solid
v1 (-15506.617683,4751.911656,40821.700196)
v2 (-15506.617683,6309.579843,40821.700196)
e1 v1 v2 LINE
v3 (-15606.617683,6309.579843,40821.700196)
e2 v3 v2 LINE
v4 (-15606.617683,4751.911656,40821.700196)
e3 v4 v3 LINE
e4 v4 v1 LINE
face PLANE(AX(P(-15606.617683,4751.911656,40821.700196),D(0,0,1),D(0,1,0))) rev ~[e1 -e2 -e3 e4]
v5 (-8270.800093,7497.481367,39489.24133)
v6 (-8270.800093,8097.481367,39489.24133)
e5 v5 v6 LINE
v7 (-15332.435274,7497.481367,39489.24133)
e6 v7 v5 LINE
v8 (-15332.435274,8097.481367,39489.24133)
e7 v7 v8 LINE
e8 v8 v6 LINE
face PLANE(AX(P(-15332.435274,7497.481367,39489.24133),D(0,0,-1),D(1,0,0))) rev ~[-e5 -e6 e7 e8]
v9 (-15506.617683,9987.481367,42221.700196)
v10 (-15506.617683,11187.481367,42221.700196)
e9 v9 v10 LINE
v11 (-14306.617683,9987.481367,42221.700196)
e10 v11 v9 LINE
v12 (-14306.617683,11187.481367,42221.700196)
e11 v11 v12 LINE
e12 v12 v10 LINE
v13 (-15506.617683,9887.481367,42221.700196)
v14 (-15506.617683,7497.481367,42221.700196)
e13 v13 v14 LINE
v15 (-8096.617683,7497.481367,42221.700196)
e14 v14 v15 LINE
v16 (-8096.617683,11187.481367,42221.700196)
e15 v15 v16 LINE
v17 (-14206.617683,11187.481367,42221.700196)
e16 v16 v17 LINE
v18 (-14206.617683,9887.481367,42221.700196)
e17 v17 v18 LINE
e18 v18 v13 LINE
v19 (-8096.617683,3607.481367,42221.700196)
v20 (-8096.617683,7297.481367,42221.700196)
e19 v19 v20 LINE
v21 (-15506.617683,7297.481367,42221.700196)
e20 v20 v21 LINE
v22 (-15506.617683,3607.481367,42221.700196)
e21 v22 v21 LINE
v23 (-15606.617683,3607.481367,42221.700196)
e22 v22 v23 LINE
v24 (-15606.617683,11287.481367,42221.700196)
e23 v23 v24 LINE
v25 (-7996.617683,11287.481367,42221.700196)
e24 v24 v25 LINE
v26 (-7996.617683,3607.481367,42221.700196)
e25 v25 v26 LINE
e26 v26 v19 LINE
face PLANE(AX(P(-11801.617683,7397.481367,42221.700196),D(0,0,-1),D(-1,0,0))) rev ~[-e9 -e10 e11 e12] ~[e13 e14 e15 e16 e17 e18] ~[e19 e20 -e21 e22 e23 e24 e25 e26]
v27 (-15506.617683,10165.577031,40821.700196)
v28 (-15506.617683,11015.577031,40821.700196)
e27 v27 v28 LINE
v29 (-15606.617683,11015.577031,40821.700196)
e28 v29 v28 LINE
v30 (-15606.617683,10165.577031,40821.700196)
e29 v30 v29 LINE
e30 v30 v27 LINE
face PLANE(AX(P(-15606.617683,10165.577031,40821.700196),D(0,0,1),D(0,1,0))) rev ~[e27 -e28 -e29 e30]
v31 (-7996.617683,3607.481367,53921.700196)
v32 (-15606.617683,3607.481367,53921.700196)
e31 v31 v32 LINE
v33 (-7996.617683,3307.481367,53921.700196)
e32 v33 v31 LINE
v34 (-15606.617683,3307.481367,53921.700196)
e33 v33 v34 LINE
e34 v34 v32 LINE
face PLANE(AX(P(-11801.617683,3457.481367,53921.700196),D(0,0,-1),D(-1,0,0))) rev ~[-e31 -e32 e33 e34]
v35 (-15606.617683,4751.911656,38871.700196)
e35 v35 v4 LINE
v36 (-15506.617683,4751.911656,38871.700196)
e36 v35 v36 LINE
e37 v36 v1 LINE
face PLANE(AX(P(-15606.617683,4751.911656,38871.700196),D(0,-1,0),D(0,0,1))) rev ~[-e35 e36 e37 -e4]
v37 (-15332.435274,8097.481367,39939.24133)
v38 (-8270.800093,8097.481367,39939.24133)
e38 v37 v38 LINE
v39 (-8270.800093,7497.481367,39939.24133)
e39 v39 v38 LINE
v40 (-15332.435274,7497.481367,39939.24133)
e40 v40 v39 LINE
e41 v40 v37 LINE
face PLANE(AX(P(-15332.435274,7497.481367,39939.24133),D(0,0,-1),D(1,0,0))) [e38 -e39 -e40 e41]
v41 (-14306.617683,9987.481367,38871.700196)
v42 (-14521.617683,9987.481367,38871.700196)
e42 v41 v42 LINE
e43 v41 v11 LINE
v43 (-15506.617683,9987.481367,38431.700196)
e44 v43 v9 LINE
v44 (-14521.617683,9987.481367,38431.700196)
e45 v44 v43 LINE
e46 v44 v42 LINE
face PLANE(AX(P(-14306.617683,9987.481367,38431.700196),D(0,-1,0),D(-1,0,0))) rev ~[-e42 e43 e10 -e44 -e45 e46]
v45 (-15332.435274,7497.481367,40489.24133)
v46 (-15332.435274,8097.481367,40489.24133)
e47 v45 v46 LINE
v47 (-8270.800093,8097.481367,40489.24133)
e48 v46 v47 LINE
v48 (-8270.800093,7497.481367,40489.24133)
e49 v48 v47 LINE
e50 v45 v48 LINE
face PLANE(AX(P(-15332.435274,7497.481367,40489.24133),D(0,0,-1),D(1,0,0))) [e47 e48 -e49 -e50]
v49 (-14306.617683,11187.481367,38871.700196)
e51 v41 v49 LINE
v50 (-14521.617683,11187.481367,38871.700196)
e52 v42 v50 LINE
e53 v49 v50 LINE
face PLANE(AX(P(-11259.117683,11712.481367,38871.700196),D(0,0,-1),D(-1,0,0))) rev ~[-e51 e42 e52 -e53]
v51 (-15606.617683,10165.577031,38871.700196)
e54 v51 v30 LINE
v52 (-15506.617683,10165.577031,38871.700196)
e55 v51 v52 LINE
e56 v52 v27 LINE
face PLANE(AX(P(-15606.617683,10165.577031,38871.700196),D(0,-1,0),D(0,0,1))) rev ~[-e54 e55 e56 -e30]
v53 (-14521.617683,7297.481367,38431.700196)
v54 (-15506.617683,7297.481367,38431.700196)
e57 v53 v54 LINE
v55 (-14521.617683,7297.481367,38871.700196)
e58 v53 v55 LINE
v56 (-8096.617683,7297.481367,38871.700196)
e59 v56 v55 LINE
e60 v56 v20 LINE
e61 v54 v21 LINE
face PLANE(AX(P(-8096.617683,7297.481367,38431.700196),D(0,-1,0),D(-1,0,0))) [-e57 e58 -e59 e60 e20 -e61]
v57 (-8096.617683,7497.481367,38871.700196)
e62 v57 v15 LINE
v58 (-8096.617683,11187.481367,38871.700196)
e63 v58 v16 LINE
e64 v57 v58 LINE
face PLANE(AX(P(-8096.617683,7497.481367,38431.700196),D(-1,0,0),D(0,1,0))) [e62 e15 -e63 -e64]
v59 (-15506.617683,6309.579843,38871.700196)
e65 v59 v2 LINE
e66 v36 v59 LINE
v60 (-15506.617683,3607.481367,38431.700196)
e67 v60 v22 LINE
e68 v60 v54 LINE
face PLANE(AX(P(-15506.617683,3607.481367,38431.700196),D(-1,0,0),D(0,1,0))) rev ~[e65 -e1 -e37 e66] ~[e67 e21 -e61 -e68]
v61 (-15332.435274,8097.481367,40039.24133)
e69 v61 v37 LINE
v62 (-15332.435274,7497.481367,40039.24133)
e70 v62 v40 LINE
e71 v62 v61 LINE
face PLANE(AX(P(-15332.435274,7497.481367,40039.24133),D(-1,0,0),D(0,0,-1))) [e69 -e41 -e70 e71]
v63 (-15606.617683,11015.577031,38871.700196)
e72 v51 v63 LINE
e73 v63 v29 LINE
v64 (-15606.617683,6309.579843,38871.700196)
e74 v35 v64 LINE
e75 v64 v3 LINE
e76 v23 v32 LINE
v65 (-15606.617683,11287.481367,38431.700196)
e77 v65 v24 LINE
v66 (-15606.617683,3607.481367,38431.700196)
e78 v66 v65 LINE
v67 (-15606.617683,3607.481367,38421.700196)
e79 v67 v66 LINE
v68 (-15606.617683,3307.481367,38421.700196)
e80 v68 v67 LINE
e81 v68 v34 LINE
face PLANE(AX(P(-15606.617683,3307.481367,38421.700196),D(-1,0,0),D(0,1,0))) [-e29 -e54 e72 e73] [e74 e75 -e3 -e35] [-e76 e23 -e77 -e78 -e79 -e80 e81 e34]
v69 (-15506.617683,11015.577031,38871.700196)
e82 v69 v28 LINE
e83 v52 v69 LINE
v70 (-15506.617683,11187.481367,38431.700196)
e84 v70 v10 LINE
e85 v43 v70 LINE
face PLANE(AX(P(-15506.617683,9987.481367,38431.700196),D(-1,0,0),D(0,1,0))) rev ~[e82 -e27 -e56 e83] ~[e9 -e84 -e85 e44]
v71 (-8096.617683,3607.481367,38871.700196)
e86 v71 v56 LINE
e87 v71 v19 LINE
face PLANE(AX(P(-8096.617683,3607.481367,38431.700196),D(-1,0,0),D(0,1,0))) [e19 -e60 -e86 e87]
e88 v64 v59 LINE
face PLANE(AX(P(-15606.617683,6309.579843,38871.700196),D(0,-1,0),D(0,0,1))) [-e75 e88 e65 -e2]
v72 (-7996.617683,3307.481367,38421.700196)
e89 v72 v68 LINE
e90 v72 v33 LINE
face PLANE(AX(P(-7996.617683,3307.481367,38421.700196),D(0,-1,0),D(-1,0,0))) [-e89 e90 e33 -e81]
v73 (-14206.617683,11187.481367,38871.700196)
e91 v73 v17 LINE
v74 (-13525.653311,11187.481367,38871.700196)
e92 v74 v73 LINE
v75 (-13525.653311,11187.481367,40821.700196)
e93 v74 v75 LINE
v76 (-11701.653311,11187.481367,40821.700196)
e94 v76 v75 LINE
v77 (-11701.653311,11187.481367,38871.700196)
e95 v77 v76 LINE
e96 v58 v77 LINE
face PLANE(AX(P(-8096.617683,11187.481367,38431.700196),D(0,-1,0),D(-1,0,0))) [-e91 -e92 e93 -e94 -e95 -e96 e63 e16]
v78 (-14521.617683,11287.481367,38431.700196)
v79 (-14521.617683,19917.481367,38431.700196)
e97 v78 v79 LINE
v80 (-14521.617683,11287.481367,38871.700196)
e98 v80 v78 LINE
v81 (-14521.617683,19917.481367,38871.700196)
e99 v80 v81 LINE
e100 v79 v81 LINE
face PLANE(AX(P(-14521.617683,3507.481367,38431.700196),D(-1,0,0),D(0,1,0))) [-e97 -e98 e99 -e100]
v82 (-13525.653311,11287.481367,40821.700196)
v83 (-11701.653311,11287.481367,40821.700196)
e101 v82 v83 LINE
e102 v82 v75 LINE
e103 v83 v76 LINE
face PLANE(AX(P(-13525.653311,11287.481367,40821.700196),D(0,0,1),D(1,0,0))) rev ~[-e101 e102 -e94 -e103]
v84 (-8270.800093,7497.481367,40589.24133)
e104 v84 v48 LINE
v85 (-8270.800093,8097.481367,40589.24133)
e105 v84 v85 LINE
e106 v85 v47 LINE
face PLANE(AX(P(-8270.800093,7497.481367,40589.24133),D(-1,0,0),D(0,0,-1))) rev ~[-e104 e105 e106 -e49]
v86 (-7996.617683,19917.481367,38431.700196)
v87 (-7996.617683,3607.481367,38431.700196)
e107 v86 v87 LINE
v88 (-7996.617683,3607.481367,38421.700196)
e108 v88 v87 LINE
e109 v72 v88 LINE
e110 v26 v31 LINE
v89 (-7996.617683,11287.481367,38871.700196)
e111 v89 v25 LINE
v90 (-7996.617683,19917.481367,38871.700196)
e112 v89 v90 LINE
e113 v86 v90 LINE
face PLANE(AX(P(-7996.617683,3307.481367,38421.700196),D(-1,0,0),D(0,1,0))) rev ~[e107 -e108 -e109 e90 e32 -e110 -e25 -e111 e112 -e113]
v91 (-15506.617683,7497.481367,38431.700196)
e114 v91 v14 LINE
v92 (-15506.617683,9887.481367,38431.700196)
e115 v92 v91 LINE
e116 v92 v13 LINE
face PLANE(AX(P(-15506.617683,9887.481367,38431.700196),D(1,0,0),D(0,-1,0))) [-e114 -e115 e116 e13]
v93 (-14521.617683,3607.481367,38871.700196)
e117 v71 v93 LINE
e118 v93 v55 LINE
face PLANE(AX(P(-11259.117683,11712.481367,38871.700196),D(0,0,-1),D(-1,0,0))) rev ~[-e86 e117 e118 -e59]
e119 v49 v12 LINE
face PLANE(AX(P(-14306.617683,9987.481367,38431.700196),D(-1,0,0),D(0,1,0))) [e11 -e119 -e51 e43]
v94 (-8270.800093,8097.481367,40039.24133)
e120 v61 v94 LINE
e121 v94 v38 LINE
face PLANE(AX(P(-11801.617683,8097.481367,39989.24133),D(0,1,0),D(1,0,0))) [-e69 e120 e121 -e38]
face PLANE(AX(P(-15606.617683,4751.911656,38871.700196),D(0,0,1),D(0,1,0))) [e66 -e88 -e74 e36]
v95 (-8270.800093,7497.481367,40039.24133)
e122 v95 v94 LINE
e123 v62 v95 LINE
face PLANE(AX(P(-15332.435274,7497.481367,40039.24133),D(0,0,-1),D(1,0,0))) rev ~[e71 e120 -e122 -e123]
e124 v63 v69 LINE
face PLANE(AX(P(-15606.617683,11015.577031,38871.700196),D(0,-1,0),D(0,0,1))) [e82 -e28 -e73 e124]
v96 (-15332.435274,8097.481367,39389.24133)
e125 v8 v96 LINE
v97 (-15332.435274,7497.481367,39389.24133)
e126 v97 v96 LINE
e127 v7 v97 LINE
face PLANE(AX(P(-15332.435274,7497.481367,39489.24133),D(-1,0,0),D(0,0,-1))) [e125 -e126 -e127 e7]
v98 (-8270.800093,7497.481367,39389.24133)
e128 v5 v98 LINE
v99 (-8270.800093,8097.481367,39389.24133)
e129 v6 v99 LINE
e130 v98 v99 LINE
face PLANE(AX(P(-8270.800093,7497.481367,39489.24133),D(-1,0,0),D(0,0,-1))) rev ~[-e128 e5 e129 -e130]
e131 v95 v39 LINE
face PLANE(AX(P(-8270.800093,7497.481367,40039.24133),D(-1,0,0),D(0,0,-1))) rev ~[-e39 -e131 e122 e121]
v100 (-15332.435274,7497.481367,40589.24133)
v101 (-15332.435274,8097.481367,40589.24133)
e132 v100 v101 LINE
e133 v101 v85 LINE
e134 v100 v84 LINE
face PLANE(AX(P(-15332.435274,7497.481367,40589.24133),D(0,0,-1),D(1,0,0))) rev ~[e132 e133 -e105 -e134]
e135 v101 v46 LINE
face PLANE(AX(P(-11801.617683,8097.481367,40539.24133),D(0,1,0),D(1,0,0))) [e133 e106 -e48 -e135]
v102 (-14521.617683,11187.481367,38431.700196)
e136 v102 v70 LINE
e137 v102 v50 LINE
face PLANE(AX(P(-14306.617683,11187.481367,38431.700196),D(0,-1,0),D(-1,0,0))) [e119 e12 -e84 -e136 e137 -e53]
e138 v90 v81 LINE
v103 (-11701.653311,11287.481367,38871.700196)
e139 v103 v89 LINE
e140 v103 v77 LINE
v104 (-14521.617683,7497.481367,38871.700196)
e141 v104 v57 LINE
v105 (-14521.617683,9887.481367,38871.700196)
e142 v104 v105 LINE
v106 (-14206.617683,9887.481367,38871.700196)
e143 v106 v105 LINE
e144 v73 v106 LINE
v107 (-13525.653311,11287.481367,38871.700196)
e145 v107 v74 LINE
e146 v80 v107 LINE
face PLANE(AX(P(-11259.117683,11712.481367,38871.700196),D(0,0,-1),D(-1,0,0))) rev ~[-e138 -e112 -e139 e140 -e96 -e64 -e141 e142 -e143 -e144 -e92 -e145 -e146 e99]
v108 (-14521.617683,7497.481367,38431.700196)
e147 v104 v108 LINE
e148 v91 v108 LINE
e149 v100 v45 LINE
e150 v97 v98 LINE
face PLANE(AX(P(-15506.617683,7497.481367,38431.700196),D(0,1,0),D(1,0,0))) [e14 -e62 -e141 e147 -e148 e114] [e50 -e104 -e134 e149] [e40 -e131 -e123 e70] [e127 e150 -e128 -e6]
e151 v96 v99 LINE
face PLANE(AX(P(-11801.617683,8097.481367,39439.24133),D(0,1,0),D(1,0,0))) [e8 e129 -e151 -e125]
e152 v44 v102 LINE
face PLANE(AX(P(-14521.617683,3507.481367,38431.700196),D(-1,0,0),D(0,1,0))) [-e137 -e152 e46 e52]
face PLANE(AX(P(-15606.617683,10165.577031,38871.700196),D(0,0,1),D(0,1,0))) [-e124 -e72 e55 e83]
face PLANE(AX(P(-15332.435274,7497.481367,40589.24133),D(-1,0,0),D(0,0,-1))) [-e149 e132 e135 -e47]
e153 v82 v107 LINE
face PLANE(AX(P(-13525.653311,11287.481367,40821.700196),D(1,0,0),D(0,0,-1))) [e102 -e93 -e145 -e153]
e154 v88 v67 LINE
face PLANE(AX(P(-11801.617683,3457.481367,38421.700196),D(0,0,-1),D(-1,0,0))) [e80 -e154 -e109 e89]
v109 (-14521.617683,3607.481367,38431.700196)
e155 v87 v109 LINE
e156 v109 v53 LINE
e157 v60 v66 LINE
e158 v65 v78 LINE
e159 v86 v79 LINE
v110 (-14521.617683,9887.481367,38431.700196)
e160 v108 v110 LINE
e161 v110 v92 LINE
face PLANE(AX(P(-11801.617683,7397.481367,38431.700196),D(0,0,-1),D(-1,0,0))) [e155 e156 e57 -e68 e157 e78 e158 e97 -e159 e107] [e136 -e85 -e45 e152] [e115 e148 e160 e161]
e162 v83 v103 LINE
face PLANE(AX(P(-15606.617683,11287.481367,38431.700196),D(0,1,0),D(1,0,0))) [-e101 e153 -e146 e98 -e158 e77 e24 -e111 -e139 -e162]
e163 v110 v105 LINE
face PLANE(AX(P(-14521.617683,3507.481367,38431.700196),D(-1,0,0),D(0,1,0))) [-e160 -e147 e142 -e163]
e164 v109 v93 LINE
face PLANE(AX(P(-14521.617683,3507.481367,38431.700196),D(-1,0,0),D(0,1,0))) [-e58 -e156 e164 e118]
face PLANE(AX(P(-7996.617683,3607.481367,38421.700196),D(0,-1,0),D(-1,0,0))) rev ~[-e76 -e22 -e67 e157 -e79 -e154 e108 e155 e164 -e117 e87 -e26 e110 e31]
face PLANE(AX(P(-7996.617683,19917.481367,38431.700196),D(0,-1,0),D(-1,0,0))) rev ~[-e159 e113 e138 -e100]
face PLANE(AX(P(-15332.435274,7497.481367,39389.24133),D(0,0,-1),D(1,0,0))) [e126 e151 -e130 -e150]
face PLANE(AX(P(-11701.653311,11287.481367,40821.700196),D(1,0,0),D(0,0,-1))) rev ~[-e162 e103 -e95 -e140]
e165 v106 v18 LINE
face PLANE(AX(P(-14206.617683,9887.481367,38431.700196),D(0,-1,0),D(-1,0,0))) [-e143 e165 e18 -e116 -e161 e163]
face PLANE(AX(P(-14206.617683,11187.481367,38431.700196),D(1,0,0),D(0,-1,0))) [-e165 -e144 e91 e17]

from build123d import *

# Parameters (mm, degrees)
SKETCH1_W           = 6525
SKETCH1_H           = 16410
BOSS_EXTRUDE1_DEPTH = 440
SKETCH2_W           = 7410
SKETCH2_H           = 3690
SKETCH2_W_2         = 1200
SKETCH2_H_2         = 1200
BOSS_EXTRUDE2_DEPTH = 3790
SKETCH3_W           = 1824
SKETCH3_H           = 1950
CUT_EXTRUDE1_DEPTH  = 665
SKETCH4_W           = 1950
SKETCH4_H           = 850
SKETCH4_H_2         = 1557.668186724
CUT_EXTRUDE2_DEPTH  = 736
SKETCH5_W           = 7061.635181126
SKETCH5_H           = 100
BOSS_EXTRUDE3_DEPTH = 600
LPATTERN1_COUNT     = 3
LPATTERN1_PITCH     = 550
SKETCH7_W           = 7610
SKETCH7_H           = 300
BOSS_EXTRUDE4_DEPTH = 15500


with BuildPart() as part:
    # Sketch1 → Boss-Extrude1 (new body)
    with BuildSketch(Plane(origin=(0, 0, 38431.700196057), x_dir=(-1, 0, 0), z_dir=(0, 0, -1))):
        with Locations((11259.117683291, 11712.481366586)):
            Rectangle(SKETCH1_W, SKETCH1_H)
    extrude(amount=-BOSS_EXTRUDE1_DEPTH)

    # Sketch2 → Boss-Extrude2 (add)
    with BuildSketch(Plane(origin=(0, 0, 38431.700196057), x_dir=(-1, 0, 0), z_dir=(0, 0, -1))):
        Polygon((15606.617683291, 11287.481366586), (7996.617683291, 11287.481366586), (7996.617683291, 11187.481366586), (7996.617683291, 3507.481366586), (15606.617683291, 3507.481366586), align=None)
        with Locations((11801.617683291, 5452.481366586)):
            Rectangle(SKETCH2_W, SKETCH2_H, mode=Mode.SUBTRACT)
        Polygon((8096.617683291, 7497.481366586), (8096.617683291, 11187.481366586), (14206.617683291, 11187.481366586), (14206.617683291, 9887.481366586), (15506.617683291, 9887.481366586), (15506.617683291, 7497.481366586), align=None, mode=Mode.SUBTRACT)
        with Locations((14906.617683291, 10587.481366586)):
            Rectangle(SKETCH2_W_2, SKETCH2_H_2, mode=Mode.SUBTRACT)
    extrude(amount=-BOSS_EXTRUDE2_DEPTH)

    # Sketch3 → Cut-Extrude1 (cut)
    with BuildSketch(Plane(origin=(0, 11287.481366586, 0), x_dir=(1, 0, 0), z_dir=(0, 1, 0))):
        with Locations((-12613.653311195, -39846.700196057)):
            Rectangle(SKETCH3_W, SKETCH3_H)
    extrude(amount=-CUT_EXTRUDE1_DEPTH, mode=Mode.SUBTRACT)

    # Sketch4 → Cut-Extrude2 (cut)
    with BuildSketch(Plane.ZY.offset(15606.617683291)):
        with Locations((39846.700196057, 10590.577030871)):
            Rectangle(SKETCH4_W, SKETCH4_H)
        with Locations((39846.700196057, 5530.745749443)):
            Rectangle(SKETCH4_W, SKETCH4_H_2)
    extrude(amount=-CUT_EXTRUDE2_DEPTH, mode=Mode.SUBTRACT)

    # Sketch5 → Boss-Extrude3 (add)
    with BuildSketch(Plane(origin=(0, 7497.481366586, 0), x_dir=(1, 0, 0), z_dir=(0, 1, 0))):
        with Locations((-11801.617683291, -40539.241329648)):
            Rectangle(SKETCH5_W, SKETCH5_H)
    boss_extrude3 = extrude(amount=BOSS_EXTRUDE3_DEPTH)

    # LPattern1: Boss-Extrude3 ×3
    with Locations(*[(0, 0, -i * LPATTERN1_PITCH) for i in range(1, LPATTERN1_COUNT)]):
        add(boss_extrude3)

    # Sketch7 → Boss-Extrude4 (add)
    with BuildSketch(Plane(origin=(0, 0, 38421.700196057), x_dir=(-1, 0, 0), z_dir=(0, 0, -1))):
        with Locations((11801.617683291, 3457.481366586)):
            Rectangle(SKETCH7_W, SKETCH7_H)
    extrude(amount=-BOSS_EXTRUDE4_DEPTH)


solid = part.part
